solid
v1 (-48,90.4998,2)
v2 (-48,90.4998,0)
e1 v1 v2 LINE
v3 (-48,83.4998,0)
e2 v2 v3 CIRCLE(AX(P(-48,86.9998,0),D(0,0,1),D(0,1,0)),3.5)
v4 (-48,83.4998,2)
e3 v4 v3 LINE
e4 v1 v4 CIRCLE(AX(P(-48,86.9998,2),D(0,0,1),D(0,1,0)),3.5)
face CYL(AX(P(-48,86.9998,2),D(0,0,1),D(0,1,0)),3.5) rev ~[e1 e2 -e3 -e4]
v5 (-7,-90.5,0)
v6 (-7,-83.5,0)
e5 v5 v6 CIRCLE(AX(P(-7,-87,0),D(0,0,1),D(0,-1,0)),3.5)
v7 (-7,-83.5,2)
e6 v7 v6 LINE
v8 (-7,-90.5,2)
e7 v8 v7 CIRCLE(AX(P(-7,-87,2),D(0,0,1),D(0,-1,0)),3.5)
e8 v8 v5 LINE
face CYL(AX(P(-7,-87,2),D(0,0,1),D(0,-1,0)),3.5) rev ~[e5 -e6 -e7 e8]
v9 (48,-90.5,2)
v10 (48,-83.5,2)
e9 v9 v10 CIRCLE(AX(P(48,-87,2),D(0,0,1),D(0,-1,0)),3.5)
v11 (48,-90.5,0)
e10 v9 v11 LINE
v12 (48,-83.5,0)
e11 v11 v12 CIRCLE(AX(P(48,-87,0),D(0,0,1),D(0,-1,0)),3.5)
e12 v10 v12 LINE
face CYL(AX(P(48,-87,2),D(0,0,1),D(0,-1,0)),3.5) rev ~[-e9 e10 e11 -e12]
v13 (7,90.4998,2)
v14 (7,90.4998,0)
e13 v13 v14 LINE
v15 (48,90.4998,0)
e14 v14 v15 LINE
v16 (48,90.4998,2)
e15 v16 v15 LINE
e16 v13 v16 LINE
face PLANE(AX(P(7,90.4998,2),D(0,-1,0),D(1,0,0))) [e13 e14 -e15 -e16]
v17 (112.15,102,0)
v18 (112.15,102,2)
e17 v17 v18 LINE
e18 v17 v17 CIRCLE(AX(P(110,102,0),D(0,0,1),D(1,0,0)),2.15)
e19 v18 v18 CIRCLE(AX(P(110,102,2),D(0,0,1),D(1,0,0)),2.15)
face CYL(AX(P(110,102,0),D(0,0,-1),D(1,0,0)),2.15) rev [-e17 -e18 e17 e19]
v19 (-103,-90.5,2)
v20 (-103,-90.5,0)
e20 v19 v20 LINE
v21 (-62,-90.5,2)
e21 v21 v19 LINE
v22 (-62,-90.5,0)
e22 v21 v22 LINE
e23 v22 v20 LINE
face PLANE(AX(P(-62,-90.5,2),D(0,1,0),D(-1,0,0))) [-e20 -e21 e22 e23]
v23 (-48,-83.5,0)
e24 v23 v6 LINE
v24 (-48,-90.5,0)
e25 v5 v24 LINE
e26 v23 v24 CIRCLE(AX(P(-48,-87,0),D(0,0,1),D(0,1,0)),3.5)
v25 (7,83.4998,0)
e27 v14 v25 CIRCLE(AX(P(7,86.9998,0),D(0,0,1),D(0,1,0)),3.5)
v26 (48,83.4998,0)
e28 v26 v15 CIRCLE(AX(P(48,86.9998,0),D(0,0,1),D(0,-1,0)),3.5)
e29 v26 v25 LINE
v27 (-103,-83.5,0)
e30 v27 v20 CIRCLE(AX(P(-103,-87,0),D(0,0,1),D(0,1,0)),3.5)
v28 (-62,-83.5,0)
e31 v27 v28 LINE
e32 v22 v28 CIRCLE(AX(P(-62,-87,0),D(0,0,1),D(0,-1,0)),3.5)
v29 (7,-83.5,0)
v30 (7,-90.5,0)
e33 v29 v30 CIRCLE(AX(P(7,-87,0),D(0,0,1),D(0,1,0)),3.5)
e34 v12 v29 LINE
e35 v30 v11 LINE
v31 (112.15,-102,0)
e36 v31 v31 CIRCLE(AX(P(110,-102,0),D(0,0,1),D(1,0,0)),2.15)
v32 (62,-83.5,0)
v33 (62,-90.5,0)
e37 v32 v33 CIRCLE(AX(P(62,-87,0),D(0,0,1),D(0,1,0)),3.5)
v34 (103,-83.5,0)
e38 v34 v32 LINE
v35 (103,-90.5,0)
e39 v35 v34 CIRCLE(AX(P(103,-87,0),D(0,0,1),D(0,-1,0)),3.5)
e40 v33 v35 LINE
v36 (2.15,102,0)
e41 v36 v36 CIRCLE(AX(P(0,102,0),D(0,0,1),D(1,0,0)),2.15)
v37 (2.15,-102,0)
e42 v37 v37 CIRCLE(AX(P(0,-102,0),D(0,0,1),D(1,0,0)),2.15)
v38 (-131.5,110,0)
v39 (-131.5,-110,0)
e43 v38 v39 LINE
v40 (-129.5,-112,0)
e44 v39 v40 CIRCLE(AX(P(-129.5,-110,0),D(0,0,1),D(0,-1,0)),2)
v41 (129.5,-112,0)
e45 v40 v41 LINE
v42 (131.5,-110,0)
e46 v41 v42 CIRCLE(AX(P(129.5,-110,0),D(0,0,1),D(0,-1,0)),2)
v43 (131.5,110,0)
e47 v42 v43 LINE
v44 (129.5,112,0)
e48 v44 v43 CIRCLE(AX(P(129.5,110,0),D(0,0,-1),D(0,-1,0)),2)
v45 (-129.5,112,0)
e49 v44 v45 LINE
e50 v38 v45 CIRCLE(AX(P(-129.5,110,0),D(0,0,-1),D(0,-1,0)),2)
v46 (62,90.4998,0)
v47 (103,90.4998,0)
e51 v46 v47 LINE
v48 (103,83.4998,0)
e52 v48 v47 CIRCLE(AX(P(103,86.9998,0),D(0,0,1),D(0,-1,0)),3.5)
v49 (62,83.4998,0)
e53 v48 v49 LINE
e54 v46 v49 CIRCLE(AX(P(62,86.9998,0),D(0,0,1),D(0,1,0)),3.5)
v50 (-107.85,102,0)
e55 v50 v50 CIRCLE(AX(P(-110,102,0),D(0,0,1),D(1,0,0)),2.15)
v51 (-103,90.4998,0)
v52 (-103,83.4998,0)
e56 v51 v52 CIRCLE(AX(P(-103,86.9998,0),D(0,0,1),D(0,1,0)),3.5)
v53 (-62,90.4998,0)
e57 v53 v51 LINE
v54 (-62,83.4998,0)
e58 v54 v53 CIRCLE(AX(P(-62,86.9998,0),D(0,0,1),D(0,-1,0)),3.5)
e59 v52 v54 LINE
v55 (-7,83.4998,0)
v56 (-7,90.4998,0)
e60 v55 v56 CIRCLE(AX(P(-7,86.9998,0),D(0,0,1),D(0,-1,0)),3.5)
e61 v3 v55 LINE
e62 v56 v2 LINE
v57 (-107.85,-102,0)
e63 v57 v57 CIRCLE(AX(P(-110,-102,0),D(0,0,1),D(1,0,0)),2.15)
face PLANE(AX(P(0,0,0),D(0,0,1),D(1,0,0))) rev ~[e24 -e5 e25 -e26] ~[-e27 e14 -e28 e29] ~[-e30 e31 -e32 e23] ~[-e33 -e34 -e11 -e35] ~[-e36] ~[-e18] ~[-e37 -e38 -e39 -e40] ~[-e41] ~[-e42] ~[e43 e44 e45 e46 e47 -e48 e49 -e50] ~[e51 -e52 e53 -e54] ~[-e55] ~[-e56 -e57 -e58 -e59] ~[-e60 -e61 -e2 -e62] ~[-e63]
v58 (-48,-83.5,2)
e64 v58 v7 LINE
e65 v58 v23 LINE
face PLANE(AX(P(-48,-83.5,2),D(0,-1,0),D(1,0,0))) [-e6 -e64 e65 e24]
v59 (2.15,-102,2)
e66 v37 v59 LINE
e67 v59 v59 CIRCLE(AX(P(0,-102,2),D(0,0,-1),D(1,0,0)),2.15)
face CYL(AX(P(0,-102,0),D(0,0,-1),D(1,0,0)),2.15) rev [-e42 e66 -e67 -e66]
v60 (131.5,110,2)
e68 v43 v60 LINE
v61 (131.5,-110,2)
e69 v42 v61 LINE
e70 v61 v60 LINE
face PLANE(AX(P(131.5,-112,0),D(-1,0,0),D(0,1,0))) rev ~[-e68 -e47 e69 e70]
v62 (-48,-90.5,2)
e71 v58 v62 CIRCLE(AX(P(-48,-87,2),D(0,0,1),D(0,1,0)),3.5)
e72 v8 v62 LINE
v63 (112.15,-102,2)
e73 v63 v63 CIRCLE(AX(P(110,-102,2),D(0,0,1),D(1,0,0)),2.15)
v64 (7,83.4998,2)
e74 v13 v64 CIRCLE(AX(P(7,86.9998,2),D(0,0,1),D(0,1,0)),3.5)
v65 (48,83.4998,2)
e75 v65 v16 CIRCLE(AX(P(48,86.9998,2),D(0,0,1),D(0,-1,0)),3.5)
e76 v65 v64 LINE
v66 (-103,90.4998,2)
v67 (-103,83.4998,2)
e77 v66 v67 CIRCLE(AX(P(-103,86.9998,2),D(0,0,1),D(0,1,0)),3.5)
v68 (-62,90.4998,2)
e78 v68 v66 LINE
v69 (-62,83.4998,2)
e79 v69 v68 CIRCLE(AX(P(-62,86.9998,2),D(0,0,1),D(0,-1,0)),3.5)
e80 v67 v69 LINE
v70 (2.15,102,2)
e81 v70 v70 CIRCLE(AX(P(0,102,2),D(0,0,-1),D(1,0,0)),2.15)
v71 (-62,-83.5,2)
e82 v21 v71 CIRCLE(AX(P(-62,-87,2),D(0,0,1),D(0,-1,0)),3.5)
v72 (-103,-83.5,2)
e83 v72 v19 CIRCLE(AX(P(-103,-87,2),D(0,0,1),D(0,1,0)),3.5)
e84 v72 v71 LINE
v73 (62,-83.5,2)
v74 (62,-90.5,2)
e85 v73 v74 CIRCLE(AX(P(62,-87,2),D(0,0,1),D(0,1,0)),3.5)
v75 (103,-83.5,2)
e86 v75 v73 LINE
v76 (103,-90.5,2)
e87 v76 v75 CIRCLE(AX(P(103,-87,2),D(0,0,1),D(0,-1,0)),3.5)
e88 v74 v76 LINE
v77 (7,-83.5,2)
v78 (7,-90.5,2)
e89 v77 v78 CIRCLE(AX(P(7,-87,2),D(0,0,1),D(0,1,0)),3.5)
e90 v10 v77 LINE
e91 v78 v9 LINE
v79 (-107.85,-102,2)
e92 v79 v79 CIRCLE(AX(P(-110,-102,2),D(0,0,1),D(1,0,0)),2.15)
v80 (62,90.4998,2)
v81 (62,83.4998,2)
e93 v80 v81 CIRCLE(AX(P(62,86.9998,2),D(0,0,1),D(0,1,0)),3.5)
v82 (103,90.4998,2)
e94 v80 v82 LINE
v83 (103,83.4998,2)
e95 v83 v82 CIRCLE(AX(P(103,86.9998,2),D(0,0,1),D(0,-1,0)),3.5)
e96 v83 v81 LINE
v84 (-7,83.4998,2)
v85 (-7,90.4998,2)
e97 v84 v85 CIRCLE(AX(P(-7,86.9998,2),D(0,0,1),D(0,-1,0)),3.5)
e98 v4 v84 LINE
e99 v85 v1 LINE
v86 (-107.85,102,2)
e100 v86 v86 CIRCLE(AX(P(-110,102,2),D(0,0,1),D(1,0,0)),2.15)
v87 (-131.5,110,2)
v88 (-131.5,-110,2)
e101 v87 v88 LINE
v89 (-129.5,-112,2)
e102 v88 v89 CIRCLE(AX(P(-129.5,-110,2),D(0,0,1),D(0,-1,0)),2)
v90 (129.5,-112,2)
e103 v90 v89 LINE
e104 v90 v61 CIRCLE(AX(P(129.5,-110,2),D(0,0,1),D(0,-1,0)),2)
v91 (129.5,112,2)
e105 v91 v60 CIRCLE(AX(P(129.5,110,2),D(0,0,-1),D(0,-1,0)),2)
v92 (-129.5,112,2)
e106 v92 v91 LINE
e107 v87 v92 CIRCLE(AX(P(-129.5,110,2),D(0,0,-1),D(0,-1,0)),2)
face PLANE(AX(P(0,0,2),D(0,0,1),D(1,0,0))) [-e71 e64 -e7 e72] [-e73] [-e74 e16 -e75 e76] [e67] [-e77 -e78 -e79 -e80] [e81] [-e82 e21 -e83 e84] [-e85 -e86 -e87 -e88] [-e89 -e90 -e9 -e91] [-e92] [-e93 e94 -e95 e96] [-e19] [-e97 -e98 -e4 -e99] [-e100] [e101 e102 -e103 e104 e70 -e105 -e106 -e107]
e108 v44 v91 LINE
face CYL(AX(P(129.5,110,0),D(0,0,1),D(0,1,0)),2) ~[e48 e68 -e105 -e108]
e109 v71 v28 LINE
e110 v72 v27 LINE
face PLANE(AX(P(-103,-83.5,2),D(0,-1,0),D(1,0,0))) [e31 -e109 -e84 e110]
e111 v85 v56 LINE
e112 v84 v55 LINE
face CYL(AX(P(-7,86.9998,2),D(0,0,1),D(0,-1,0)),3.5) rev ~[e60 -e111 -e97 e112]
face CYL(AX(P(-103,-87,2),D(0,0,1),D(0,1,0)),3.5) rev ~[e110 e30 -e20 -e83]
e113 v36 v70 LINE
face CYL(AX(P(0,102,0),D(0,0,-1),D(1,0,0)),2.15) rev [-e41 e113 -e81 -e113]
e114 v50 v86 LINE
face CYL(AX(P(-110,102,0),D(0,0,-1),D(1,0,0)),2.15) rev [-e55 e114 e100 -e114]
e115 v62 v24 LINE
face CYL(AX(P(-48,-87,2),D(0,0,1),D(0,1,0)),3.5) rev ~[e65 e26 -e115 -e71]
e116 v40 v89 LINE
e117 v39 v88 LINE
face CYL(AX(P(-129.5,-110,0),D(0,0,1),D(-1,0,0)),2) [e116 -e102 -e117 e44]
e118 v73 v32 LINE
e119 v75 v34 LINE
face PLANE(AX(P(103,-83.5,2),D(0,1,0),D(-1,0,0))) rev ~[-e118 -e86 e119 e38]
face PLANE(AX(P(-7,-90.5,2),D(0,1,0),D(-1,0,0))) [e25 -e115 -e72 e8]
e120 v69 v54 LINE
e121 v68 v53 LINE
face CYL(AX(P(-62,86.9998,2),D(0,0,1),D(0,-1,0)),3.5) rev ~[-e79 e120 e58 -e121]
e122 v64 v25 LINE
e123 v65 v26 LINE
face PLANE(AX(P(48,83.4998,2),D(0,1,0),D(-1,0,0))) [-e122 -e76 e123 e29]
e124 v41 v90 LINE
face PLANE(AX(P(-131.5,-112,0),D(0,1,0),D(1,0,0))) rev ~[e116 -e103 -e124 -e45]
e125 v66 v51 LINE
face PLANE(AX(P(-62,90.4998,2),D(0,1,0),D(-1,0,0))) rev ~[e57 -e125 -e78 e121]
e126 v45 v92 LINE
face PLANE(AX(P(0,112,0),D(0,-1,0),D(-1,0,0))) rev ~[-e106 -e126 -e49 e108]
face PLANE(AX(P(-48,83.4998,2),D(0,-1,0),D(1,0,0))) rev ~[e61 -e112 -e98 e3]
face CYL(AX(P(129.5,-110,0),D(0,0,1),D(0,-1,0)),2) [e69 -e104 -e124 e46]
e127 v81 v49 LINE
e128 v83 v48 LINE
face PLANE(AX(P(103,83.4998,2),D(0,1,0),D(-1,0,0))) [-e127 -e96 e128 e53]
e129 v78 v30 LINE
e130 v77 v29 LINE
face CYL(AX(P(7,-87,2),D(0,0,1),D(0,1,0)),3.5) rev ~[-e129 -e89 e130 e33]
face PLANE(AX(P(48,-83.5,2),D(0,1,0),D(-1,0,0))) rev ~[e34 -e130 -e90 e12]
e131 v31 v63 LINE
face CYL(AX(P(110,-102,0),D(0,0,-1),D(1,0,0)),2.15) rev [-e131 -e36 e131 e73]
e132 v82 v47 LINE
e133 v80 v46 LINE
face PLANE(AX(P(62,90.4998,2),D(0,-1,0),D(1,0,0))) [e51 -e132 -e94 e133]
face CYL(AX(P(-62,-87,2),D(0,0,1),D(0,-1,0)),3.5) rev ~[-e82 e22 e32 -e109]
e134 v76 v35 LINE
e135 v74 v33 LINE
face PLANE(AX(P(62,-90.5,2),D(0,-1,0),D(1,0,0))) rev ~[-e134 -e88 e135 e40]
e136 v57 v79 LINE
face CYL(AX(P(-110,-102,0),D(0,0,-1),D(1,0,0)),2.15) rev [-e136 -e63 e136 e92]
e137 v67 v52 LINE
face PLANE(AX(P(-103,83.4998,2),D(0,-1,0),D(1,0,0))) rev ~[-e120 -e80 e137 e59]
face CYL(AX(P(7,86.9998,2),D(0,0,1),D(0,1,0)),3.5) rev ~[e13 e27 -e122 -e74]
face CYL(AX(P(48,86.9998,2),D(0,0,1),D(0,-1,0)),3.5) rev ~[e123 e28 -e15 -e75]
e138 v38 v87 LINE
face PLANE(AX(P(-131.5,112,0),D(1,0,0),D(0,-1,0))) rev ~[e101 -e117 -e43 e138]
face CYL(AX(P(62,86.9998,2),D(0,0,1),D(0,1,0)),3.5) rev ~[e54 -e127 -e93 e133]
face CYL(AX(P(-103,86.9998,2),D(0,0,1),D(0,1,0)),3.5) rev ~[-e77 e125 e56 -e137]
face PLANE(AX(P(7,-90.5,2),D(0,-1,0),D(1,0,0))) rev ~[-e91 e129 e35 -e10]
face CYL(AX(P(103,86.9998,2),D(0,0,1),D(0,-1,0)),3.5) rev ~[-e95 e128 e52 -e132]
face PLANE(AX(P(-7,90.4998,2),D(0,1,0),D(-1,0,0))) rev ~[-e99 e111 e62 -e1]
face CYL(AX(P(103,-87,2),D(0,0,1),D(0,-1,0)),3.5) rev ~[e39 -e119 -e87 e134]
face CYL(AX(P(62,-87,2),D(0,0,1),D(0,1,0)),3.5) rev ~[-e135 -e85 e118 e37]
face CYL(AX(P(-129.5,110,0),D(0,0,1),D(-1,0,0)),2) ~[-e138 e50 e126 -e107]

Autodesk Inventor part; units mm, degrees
ref_plane "YZ Plane" through (0, 0, 0) normal (1, 0, 0) x (0, 1, 0)
ref_plane "XZ Plane" through (0, 0, 0) normal (0, 1, 0) x (-1, 0, 0)
ref_plane "XY Plane" through (0, 0, 0) normal (0, 0, 1) x (1, 0, 0)
sketch "Skizze1" plane through (0, 0, 0) normal (0, 0, 1) x (1, 0, 0)
  line L0 (-131.5, -112) -> (131.5, -112)
  line L1 (131.5, -112) -> (131.5, 112)
  line L2 (131.5, 112) -> (-131.5, 112)
  line L3 (-131.5, 112) -> (-131.5, -112)
  line L4 (-131.5, -112) -> (131.5, 112) construction
  line L5 (131.5, -112) -> (-131.5, 112) construction
  circle A0 centre (0, 102) radius 2.15
  line L6 (0, 156.8) -> (0, -156.8)
  circle A1 centre (-110, 102) radius 2.15
  circle A2 centre (110, 102) radius 2.15
  line L7 (-131.5, 0) -> (131.5, 0) construction
  circle A3 centre (0, -102) radius 2.15
  circle A4 centre (-110, -102) radius 2.15
  circle A5 centre (110, -102) radius 2.15
  point P0 (0, 0)
  dimension "d0" = 263
  dimension "d1" = 224
  dimension "d2" = 4.3
  dimension "d3" = 0
  dimension "d4" = 10
  dimension "d5" = 4.3
  dimension "d6" = 4.3
  dimension "d7" = 10
  dimension "d8" = 10
  dimension "d9" = 110
  dimension "d10" = 110
extrude "Grobblech1" add sketch "Skizze1" along normal blind 2 contours L3 L2 L6 A0 A3 L0 | L6 A3 A0 L2 L1 L0
fillet "Rundung1" radius 2 4 edges at (131.5, 112, 1) (131.5, -112, 1) (-131.5, -112, 1) (-131.5, 112, 1)
sketch "Skizze2" plane through (0, 0, 2) normal (0, 0, 1) x (1, 0, 0)
  arc A0 (-129.5, 112) -> (-131.5, 110) centre (-129.5, 110) ccw projected
  line L0 (-131.5, -110) -> (-131.5, 110) projected
  arc A1 (-131.5, -110) -> (-129.5, -112) centre (-129.5, -110) ccw projected
  line L1 (129.5, -112) -> (-129.5, -112) projected
  arc A2 (129.5, -112) -> (131.5, -110) centre (129.5, -110) ccw projected
  line L2 (131.5, 110) -> (131.5, -110) projected
  arc A3 (131.5, 110) -> (129.5, 112) centre (129.5, 110) ccw projected
  line L3 (-129.5, 112) -> (129.5, 112) projected
  circle A4 centre (110, -102) radius 2.15 projected
  circle A5 centre (0, -102) radius 2.15 projected
  circle A6 centre (-110, -102) radius 2.15 projected
  circle A7 centre (110, 102) radius 2.15 projected
  circle A8 centre (-110, 102) radius 2.15 projected
  circle A9 centre (0, 102) radius 2.15 projected
  line L4 (119.9374, -87) -> (-120.447, -87) construction
  line L5 (3.5, -87) -> (51.5, -87) construction
  line L6 (7, -90.5) -> (48, -90.5)
  line L7 (48, -83.5) -> (7, -83.5)
  arc A10 (7, -83.5) -> (7, -90.5) centre (7, -87) ccw
  arc A11 (48, -90.5) -> (48, -83.5) centre (48, -87) ccw
  line L8 (58.5, -87) -> (106.5, -87) construction
  line L9 (62, -90.5) -> (103, -90.5)
  line L10 (103, -83.5) -> (62, -83.5)
  arc A12 (62, -83.5) -> (62, -90.5) centre (62, -87) ccw
  arc A13 (103, -90.5) -> (103, -83.5) centre (103, -87) ccw
  line L11 (0, -102) -> (0, 102) construction
  line L12 (-327.71, -0.0001) -> (282.76, -0.0001) construction
  line L13 (-3.5, -87) -> (-51.5, -87) construction
  line L14 (-7, -90.5) -> (-48, -90.5)
  line L15 (-48, -83.5) -> (-7, -83.5)
  arc A14 (-7, -90.5) -> (-7, -83.5) centre (-7, -87) ccw
  arc A15 (-48, -83.5) -> (-48, -90.5) centre (-48, -87) ccw
  arc A16 (-62, -90.5) -> (-62, -83.5) centre (-62, -87) ccw
  line L16 (-62, -90.5) -> (-103, -90.5)
  line L17 (-103, -83.5) -> (-62, -83.5)
  line L18 (-58.5, -87) -> (-106.5, -87) construction
  arc A17 (-103, -83.5) -> (-103, -90.5) centre (-103, -87) ccw
  line L19 (3.5, 86.9998) -> (51.5, 86.9998) construction
  line L20 (7, 90.4998) -> (48, 90.4998)
  line L21 (48, 83.4998) -> (7, 83.4998)
  arc A18 (7, 90.4998) -> (7, 83.4998) centre (7, 86.9998) ccw
  arc A19 (48, 83.4998) -> (48, 90.4998) centre (48, 86.9998) ccw
  arc A20 (62, 90.4998) -> (62, 83.4998) centre (62, 86.9998) ccw
  line L22 (62, 90.4998) -> (103, 90.4998)
  line L23 (103, 83.4998) -> (62, 83.4998)
  line L24 (58.5, 86.9998) -> (106.5, 86.9998) construction
  arc A21 (103, 83.4998) -> (103, 90.4998) centre (103, 86.9998) ccw
  line L25 (-3.5, 86.9998) -> (-51.5, 86.9998) construction
  line L26 (-58.5, 86.9998) -> (-106.5, 86.9998) construction
  line L27 (-7, 90.4998) -> (-48, 90.4998)
  line L28 (-62, 90.4998) -> (-103, 90.4998)
  arc A22 (-7, 83.4998) -> (-7, 90.4998) centre (-7, 86.9998) ccw
  line L29 (-48, 83.4998) -> (-7, 83.4998)
  arc A23 (-48, 90.4998) -> (-48, 83.4998) centre (-48, 86.9998) ccw
  arc A24 (-62, 83.4998) -> (-62, 90.4998) centre (-62, 86.9998) ccw
  line L30 (-103, 83.4998) -> (-62, 83.4998)
  arc A25 (-103, 90.4998) -> (-103, 83.4998) centre (-103, 86.9998) ccw
  point P0 (0, 0)
  point P1 (65.6161, -112)
  point P2 (15.6161, -112)
  point P3 (-15.6161, -112)
  point P4 (-65.6161, -112)
  point P5 (5.6161, -112)
  point P6 (-5.6161, -112)
  point P7 (27.5, -87)
  point P8 (82.5, -87)
  point P9 (-119.9374, -87)
  point P10 (-27.5, -87)
  point P11 (-82.5, -87)
  point P12 (27.5, 86.9998)
  point P13 (82.5, 86.9998)
  point P14 (-27.5, 86.9998)
  point P15 (-82.5, 86.9998)
  dimension "d13" = 25
  dimension "d14" = 110
  dimension "d15" = 48
  dimension "d16" = 7
  dimension "d17" = 3.5
  dimension "d18" = 48
  dimension "d19" = 7
  dimension "d20" = 7
  dimension "d21" = 3.5
extrude "Extrusion1" cut sketch "Skizze2" against normal blind 10 contours A10 L7 A11 L6 | A12 L10 A13 L9 | L14 A15 L15 A14 | L16 A17 L17 A16 | L20 A19 L21 A18 | L22 A21 L23 A20 | A22 L29 A23 L27 | A24 L30 A25 L28
equation "\"d5\" = d2"
equation "\"d6\" = d2"
equation "\"d7\" = d4"
equation "\"d8\" = d4"
equation "\"d11\" = Stärke"
equation "\"Biegeradius\" = Stärke"
equation "\"BreiteBiegungsfreistellung\" = Stärke"
equation "\"TiefeBiegungsfreistellung\" = 0.5 * Stärke"
equation "\"GrößeEckenfreistellung\" = 4 * Stärke"
equation "\"MinimalRest\" = 2 * Stärke"
equation "\"Übergangsradius\" = Biegeradius"
equation "\"JacobiRadiusGröße\" = Biegeradius"
equation "\"Abstandsgröße\" = Stärke"
equation "\"Stärke\" = 2"
properties part number "Deckel"
